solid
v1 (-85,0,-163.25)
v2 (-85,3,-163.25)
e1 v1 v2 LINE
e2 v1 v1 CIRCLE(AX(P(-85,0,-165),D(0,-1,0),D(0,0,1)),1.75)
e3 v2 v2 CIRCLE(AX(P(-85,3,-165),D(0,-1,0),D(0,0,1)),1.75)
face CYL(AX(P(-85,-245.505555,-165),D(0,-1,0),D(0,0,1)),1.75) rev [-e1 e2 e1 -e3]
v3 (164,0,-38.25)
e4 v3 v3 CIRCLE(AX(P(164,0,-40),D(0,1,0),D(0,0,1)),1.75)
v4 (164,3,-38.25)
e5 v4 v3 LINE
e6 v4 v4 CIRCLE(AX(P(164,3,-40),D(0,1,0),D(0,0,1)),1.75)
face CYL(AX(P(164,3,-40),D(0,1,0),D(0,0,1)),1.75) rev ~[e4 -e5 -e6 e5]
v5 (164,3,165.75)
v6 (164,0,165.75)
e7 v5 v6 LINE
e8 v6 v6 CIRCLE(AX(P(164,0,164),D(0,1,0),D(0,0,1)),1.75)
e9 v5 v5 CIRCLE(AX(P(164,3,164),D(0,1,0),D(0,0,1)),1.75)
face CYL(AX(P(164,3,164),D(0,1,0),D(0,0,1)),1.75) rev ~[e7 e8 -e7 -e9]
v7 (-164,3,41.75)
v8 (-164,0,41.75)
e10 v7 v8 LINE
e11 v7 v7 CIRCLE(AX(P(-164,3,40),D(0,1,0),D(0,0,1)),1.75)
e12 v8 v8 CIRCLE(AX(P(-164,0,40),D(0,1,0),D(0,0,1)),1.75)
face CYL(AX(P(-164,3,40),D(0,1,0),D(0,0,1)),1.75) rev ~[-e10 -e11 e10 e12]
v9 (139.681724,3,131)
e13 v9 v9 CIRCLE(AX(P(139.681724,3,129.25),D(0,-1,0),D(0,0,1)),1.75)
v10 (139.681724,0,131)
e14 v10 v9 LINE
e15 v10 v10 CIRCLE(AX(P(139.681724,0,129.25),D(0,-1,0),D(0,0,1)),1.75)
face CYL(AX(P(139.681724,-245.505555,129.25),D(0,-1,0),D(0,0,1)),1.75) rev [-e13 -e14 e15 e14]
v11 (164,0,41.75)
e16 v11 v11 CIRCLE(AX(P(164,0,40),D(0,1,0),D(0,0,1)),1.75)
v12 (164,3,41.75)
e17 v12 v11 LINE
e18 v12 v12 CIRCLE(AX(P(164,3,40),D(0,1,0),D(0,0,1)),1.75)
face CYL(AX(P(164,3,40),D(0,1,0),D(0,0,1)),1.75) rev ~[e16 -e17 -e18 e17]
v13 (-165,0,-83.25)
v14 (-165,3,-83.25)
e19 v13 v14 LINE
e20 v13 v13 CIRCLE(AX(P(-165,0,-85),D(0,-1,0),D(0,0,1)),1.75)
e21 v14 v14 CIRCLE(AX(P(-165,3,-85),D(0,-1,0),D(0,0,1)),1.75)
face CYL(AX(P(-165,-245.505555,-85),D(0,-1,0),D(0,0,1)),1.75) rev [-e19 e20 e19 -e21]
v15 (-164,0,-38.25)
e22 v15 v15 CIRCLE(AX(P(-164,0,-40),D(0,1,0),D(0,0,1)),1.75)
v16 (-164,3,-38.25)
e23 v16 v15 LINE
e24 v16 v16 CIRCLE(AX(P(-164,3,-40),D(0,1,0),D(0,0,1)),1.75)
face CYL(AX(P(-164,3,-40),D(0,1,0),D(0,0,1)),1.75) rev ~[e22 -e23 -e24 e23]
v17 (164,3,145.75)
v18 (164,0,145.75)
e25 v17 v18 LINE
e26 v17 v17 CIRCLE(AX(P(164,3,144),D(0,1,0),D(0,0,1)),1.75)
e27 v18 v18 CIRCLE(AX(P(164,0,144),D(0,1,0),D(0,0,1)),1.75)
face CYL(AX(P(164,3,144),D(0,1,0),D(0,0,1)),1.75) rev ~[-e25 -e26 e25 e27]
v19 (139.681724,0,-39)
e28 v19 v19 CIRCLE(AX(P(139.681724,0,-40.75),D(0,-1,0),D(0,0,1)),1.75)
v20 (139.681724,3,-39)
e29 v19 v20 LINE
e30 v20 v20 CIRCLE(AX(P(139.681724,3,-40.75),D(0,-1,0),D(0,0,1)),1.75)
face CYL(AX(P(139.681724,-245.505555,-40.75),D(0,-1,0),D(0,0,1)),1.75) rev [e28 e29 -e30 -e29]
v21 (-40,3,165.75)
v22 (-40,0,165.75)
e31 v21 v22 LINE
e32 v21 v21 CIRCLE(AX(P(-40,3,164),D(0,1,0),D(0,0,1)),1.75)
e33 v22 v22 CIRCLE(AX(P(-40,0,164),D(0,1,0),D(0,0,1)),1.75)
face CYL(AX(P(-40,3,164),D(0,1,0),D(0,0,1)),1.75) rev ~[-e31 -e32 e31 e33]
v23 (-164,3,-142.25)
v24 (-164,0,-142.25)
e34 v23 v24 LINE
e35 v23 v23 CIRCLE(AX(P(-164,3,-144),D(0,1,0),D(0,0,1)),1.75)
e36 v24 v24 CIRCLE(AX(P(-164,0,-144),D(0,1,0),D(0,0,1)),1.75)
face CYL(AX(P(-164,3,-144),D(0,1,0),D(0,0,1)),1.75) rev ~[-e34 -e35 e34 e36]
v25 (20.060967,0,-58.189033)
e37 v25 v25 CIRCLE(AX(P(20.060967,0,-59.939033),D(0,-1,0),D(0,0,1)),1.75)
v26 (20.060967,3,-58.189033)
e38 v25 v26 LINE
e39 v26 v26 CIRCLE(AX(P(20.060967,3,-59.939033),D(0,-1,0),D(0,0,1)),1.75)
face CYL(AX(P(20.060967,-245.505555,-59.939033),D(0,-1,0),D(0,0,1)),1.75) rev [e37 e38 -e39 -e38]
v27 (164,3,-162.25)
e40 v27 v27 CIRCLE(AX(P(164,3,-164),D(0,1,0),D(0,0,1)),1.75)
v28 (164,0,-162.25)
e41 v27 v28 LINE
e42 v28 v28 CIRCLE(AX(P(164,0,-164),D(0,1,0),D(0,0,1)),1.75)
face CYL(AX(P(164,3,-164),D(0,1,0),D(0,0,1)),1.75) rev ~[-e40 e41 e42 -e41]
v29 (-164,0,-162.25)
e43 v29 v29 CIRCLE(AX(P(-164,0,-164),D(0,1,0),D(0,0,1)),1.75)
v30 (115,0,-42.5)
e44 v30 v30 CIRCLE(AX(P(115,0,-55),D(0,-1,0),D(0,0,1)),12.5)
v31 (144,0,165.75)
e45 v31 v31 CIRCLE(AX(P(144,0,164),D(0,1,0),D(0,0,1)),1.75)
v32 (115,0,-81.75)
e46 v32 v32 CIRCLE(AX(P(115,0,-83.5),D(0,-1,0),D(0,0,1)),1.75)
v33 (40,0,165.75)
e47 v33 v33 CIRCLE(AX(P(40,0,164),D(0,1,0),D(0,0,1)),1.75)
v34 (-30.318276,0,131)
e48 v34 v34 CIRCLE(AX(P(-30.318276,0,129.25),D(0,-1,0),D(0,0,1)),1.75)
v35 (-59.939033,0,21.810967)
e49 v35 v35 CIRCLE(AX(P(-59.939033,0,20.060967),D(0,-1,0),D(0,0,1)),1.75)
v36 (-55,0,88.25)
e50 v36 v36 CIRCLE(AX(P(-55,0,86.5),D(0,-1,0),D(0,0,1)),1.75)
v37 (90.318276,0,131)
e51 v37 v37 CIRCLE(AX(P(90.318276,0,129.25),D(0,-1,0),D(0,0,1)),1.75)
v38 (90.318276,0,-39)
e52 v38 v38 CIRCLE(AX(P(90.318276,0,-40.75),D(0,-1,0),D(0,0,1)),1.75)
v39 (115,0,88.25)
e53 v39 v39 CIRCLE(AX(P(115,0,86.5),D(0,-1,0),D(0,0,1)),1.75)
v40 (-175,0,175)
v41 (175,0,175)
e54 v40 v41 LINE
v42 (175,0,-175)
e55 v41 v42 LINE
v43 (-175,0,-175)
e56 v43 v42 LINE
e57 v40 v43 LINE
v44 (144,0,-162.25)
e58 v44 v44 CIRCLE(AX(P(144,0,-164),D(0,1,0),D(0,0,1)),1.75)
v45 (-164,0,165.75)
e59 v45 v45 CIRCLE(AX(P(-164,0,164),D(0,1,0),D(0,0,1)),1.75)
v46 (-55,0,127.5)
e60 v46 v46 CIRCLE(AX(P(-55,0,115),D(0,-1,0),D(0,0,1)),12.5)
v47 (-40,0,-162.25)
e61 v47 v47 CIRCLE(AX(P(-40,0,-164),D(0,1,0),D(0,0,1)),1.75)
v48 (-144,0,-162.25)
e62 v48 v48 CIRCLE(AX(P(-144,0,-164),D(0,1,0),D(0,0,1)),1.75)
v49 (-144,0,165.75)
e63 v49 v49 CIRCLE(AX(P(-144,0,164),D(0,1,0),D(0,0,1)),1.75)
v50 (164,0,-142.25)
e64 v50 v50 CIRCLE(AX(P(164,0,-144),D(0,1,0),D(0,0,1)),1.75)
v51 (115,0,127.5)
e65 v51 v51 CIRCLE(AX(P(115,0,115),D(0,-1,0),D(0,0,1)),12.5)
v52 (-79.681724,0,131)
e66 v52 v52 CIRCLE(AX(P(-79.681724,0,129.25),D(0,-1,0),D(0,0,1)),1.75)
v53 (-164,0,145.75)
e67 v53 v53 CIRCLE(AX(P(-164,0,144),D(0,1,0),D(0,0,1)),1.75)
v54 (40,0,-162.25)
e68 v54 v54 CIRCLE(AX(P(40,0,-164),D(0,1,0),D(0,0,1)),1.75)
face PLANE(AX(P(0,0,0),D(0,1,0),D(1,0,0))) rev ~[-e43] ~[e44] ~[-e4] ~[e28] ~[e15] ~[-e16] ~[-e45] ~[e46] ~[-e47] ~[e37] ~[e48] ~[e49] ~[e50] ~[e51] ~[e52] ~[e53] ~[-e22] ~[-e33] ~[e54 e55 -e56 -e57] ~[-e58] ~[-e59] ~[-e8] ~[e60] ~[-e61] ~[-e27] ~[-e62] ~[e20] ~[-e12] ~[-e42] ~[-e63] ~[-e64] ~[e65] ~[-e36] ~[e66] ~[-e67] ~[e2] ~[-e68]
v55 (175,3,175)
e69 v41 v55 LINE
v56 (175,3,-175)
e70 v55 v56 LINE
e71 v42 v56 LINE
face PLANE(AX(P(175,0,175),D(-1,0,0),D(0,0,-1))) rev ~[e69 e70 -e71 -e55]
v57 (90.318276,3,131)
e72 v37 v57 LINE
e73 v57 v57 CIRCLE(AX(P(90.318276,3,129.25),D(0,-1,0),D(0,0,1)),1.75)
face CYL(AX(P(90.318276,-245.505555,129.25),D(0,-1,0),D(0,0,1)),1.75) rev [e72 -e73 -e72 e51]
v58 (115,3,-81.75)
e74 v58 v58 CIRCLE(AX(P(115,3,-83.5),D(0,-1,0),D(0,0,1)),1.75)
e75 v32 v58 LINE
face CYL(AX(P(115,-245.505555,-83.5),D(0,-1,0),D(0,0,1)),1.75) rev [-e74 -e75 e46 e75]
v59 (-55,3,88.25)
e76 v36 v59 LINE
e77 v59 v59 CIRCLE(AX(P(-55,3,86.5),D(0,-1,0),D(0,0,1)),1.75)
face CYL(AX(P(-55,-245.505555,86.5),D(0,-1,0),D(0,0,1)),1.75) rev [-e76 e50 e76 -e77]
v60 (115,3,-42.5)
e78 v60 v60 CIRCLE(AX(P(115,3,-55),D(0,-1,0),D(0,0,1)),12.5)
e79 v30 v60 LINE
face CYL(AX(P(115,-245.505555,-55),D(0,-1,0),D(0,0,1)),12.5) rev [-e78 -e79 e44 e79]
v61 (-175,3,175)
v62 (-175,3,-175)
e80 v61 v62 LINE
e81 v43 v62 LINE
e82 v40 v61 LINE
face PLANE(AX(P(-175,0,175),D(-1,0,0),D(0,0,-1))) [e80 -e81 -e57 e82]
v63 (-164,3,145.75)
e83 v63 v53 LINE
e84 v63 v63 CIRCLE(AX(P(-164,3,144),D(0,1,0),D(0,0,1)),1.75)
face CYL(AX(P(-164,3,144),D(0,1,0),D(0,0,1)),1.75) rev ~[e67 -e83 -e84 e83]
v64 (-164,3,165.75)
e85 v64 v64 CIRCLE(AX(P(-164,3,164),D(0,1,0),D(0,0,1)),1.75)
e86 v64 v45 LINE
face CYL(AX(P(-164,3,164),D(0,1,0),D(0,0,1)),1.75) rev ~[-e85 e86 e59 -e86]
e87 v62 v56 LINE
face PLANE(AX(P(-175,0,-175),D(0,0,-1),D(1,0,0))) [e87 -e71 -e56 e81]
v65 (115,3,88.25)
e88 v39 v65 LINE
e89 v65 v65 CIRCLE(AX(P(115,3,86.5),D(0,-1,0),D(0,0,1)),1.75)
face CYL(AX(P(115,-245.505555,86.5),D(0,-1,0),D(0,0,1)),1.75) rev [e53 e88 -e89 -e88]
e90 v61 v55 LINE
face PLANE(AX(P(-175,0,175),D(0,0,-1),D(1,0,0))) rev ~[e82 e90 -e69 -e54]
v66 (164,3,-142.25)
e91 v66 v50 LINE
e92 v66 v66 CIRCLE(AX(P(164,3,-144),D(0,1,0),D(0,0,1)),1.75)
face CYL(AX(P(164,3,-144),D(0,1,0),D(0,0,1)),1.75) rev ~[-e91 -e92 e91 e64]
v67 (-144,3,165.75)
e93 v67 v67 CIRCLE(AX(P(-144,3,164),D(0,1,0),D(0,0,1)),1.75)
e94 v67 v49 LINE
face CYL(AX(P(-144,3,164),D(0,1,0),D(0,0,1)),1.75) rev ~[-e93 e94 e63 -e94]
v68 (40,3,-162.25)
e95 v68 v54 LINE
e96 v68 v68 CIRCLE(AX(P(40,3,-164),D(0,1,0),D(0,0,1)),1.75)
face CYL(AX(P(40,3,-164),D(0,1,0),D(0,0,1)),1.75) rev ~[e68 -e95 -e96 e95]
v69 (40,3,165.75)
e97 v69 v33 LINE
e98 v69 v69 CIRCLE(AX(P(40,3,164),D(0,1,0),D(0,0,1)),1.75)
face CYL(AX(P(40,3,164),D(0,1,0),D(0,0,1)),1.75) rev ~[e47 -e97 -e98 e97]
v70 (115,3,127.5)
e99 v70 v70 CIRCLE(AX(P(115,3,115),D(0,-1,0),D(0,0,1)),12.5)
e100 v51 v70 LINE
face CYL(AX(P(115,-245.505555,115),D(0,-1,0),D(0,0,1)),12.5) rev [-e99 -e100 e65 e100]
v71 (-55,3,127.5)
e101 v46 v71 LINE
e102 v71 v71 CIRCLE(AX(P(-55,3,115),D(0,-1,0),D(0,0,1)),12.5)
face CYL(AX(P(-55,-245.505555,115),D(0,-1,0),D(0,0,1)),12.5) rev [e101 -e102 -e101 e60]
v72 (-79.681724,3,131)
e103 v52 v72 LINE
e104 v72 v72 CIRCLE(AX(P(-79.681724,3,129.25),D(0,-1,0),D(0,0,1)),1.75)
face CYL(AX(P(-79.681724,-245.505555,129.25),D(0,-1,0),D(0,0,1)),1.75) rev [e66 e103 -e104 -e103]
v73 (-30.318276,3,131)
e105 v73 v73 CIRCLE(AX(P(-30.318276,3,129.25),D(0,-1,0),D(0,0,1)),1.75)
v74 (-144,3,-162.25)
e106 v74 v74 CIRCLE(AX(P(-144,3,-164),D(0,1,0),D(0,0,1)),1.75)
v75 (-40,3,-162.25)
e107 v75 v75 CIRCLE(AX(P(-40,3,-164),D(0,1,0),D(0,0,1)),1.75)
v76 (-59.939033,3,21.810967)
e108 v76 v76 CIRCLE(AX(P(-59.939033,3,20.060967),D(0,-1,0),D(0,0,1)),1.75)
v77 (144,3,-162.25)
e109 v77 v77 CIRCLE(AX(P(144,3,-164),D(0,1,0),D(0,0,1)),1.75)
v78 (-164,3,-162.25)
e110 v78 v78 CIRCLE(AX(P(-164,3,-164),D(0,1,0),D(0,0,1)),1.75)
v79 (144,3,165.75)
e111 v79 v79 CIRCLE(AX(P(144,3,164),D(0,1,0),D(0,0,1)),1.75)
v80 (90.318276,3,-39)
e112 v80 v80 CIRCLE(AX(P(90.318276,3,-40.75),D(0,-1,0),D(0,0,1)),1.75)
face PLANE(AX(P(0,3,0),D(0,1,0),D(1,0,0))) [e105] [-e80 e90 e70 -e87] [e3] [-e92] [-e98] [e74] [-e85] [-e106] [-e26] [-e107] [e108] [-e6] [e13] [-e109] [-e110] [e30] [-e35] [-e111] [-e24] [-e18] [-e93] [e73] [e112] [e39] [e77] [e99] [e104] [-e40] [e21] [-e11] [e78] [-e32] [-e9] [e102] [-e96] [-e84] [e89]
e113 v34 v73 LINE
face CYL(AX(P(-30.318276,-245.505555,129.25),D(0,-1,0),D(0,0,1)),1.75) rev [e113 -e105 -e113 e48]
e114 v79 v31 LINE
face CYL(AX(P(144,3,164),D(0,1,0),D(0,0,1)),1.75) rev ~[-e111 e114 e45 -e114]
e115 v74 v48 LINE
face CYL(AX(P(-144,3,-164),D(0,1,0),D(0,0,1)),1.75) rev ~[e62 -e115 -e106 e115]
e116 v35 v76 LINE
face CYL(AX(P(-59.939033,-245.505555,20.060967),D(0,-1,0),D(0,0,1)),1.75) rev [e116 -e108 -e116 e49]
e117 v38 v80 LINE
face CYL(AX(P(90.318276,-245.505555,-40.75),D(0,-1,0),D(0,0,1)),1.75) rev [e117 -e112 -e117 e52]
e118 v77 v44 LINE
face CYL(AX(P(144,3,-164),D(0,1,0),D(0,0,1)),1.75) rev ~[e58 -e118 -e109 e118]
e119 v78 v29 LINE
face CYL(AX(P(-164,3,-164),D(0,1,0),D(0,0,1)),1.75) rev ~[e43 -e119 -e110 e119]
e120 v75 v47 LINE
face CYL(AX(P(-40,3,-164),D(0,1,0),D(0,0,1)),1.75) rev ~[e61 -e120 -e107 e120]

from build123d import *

# Parameters (mm, degrees)
SKETCH_1_W               = 350
SKETCH_1_H               = 350
EXTRUDE_302_DEPTH        = 3
CUT_EXTRUDE_1_DEPTH      = 248.505555493
CUT_EXTRUDE_1_DEPTH_BACK = 248.505555493
SKETCH_2_R               = 1.75
SKETCH_2_R_2             = 12.5
SKETCH_3_R               = 1.75
PVC_DEPTH                = 248.505555493


with BuildPart() as part:
    # 草图1 → Extrude 302 (new body)
    with BuildSketch(Plane(origin=(0, 0, 0), x_dir=(1, 0, 0), z_dir=(0, 1, 0))):
        Rectangle(SKETCH_1_W, SKETCH_1_H)
    extrude(amount=EXTRUDE_302_DEPTH)

    # 草图2 → 切除-拉伸1 (cut, two sides: drawn at the far end of the back side and taken through both)
    with BuildSketch(Plane(origin=(0, 3, 0), x_dir=(1, 0, 0), z_dir=(0, 1, 0)).offset(-CUT_EXTRUDE_1_DEPTH_BACK)):
        with Locations(Location((20.060966544, 59.939033456, 0), (0, 0, 270))):
            Circle(SKETCH_2_R)
        with Locations(Location((-59.939033456, -20.060966544, 0), (0, 0, 270))):
            Circle(SKETCH_2_R)
        with Locations(Location((-165, 85, 0), (0, 0, 270))):
            Circle(SKETCH_2_R)
        with Locations(Location((-85, 165, 0), (0, 0, 270))):
            Circle(SKETCH_2_R)
        with Locations(Location((-55, -115, 0), (0, 0, 270))):
            Circle(SKETCH_2_R_2)
        with Locations(Location((115, -115, 0), (0, 0, 270))):
            Circle(SKETCH_2_R_2)
        with Locations(Location((115, 55, 0), (0, 0, 270))):
            Circle(SKETCH_2_R_2)
        with Locations(Location((-55, -86.5, 0), (0, 0, 270))):
            Circle(SKETCH_2_R)
        with Locations(Location((115, -86.5, 0), (0, 0, 270))):
            Circle(SKETCH_2_R)
        with Locations(Location((115, 83.5, 0), (0, 0, 270))):
            Circle(SKETCH_2_R)
        with Locations(Location((139.681724008, 40.75, 0), (0, 0, 270))):
            Circle(SKETCH_2_R)
        with Locations(Location((90.318275992, 40.75, 0), (0, 0, 270))):
            Circle(SKETCH_2_R)
        with Locations(Location((-30.318275992, -129.25, 0), (0, 0, 270))):
            Circle(SKETCH_2_R)
        with Locations(Location((-79.681724008, -129.25, 0), (0, 0, 270))):
            Circle(SKETCH_2_R)
        with Locations(Location((139.681724008, -129.25, 0), (0, 0, 270))):
            Circle(SKETCH_2_R)
        with Locations(Location((90.318275992, -129.25, 0), (0, 0, 270))):
            Circle(SKETCH_2_R)
    extrude(amount=CUT_EXTRUDE_1_DEPTH + CUT_EXTRUDE_1_DEPTH_BACK, mode=Mode.SUBTRACT)

    # 草图3 → PVC安装 (cut, through all)
    with BuildSketch(Plane(origin=(0, 3, 0), x_dir=(1, 0, 0), z_dir=(0, 1, 0))):
        with Locations(Location((-164, 144, 0), (0, 0, 270))):
            Circle(SKETCH_3_R)
        with Locations(Location((-164, 164, 0), (0, 0, 270))):
            Circle(SKETCH_3_R)
        with Locations(Location((-144, 164, 0), (0, 0, 270))):
            Circle(SKETCH_3_R)
        with Locations(Location((164, 164, 0), (0, 0, 270))):
            Circle(SKETCH_3_R)
        with Locations(Location((144, 164, 0), (0, 0, 270))):
            Circle(SKETCH_3_R)
        with Locations(Location((164, 144, 0), (0, 0, 270))):
            Circle(SKETCH_3_R)
        with Locations(Location((164, -164, 0), (0, 0, 270))):
            Circle(SKETCH_3_R)
        with Locations(Location((164, -144, 0), (0, 0, 270))):
            Circle(SKETCH_3_R)
        with Locations(Location((144, -164, 0), (0, 0, 270))):
            Circle(SKETCH_3_R)
        with Locations(Location((-164, -164, 0), (0, 0, 270))):
            Circle(SKETCH_3_R)
        with Locations(Location((-144, -164, 0), (0, 0, 270))):
            Circle(SKETCH_3_R)
        with Locations(Location((-164, -144, 0), (0, 0, 270))):
            Circle(SKETCH_3_R)
        with Locations(Location((-164, 40, 0), (0, 0, 270))):
            Circle(SKETCH_3_R)
        with Locations(Location((-164, -40, 0), (0, 0, 270))):
            Circle(SKETCH_3_R)
        with Locations(Location((40, 164, 0), (0, 0, 270))):
            Circle(SKETCH_3_R)
        with Locations(Location((-40, 164, 0), (0, 0, 270))):
            Circle(SKETCH_3_R)
        with Locations(Location((164, -40, 0), (0, 0, 270))):
            Circle(SKETCH_3_R)
        with Locations(Location((164, 40, 0), (0, 0, 270))):
            Circle(SKETCH_3_R)
        with Locations(Location((-40, -164, 0), (0, 0, 270))):
            Circle(SKETCH_3_R)
        with Locations(Location((40, -164, 0), (0, 0, 270))):
            Circle(SKETCH_3_R)
    extrude(amount=-PVC_DEPTH, mode=Mode.SUBTRACT)


solid = part.part
